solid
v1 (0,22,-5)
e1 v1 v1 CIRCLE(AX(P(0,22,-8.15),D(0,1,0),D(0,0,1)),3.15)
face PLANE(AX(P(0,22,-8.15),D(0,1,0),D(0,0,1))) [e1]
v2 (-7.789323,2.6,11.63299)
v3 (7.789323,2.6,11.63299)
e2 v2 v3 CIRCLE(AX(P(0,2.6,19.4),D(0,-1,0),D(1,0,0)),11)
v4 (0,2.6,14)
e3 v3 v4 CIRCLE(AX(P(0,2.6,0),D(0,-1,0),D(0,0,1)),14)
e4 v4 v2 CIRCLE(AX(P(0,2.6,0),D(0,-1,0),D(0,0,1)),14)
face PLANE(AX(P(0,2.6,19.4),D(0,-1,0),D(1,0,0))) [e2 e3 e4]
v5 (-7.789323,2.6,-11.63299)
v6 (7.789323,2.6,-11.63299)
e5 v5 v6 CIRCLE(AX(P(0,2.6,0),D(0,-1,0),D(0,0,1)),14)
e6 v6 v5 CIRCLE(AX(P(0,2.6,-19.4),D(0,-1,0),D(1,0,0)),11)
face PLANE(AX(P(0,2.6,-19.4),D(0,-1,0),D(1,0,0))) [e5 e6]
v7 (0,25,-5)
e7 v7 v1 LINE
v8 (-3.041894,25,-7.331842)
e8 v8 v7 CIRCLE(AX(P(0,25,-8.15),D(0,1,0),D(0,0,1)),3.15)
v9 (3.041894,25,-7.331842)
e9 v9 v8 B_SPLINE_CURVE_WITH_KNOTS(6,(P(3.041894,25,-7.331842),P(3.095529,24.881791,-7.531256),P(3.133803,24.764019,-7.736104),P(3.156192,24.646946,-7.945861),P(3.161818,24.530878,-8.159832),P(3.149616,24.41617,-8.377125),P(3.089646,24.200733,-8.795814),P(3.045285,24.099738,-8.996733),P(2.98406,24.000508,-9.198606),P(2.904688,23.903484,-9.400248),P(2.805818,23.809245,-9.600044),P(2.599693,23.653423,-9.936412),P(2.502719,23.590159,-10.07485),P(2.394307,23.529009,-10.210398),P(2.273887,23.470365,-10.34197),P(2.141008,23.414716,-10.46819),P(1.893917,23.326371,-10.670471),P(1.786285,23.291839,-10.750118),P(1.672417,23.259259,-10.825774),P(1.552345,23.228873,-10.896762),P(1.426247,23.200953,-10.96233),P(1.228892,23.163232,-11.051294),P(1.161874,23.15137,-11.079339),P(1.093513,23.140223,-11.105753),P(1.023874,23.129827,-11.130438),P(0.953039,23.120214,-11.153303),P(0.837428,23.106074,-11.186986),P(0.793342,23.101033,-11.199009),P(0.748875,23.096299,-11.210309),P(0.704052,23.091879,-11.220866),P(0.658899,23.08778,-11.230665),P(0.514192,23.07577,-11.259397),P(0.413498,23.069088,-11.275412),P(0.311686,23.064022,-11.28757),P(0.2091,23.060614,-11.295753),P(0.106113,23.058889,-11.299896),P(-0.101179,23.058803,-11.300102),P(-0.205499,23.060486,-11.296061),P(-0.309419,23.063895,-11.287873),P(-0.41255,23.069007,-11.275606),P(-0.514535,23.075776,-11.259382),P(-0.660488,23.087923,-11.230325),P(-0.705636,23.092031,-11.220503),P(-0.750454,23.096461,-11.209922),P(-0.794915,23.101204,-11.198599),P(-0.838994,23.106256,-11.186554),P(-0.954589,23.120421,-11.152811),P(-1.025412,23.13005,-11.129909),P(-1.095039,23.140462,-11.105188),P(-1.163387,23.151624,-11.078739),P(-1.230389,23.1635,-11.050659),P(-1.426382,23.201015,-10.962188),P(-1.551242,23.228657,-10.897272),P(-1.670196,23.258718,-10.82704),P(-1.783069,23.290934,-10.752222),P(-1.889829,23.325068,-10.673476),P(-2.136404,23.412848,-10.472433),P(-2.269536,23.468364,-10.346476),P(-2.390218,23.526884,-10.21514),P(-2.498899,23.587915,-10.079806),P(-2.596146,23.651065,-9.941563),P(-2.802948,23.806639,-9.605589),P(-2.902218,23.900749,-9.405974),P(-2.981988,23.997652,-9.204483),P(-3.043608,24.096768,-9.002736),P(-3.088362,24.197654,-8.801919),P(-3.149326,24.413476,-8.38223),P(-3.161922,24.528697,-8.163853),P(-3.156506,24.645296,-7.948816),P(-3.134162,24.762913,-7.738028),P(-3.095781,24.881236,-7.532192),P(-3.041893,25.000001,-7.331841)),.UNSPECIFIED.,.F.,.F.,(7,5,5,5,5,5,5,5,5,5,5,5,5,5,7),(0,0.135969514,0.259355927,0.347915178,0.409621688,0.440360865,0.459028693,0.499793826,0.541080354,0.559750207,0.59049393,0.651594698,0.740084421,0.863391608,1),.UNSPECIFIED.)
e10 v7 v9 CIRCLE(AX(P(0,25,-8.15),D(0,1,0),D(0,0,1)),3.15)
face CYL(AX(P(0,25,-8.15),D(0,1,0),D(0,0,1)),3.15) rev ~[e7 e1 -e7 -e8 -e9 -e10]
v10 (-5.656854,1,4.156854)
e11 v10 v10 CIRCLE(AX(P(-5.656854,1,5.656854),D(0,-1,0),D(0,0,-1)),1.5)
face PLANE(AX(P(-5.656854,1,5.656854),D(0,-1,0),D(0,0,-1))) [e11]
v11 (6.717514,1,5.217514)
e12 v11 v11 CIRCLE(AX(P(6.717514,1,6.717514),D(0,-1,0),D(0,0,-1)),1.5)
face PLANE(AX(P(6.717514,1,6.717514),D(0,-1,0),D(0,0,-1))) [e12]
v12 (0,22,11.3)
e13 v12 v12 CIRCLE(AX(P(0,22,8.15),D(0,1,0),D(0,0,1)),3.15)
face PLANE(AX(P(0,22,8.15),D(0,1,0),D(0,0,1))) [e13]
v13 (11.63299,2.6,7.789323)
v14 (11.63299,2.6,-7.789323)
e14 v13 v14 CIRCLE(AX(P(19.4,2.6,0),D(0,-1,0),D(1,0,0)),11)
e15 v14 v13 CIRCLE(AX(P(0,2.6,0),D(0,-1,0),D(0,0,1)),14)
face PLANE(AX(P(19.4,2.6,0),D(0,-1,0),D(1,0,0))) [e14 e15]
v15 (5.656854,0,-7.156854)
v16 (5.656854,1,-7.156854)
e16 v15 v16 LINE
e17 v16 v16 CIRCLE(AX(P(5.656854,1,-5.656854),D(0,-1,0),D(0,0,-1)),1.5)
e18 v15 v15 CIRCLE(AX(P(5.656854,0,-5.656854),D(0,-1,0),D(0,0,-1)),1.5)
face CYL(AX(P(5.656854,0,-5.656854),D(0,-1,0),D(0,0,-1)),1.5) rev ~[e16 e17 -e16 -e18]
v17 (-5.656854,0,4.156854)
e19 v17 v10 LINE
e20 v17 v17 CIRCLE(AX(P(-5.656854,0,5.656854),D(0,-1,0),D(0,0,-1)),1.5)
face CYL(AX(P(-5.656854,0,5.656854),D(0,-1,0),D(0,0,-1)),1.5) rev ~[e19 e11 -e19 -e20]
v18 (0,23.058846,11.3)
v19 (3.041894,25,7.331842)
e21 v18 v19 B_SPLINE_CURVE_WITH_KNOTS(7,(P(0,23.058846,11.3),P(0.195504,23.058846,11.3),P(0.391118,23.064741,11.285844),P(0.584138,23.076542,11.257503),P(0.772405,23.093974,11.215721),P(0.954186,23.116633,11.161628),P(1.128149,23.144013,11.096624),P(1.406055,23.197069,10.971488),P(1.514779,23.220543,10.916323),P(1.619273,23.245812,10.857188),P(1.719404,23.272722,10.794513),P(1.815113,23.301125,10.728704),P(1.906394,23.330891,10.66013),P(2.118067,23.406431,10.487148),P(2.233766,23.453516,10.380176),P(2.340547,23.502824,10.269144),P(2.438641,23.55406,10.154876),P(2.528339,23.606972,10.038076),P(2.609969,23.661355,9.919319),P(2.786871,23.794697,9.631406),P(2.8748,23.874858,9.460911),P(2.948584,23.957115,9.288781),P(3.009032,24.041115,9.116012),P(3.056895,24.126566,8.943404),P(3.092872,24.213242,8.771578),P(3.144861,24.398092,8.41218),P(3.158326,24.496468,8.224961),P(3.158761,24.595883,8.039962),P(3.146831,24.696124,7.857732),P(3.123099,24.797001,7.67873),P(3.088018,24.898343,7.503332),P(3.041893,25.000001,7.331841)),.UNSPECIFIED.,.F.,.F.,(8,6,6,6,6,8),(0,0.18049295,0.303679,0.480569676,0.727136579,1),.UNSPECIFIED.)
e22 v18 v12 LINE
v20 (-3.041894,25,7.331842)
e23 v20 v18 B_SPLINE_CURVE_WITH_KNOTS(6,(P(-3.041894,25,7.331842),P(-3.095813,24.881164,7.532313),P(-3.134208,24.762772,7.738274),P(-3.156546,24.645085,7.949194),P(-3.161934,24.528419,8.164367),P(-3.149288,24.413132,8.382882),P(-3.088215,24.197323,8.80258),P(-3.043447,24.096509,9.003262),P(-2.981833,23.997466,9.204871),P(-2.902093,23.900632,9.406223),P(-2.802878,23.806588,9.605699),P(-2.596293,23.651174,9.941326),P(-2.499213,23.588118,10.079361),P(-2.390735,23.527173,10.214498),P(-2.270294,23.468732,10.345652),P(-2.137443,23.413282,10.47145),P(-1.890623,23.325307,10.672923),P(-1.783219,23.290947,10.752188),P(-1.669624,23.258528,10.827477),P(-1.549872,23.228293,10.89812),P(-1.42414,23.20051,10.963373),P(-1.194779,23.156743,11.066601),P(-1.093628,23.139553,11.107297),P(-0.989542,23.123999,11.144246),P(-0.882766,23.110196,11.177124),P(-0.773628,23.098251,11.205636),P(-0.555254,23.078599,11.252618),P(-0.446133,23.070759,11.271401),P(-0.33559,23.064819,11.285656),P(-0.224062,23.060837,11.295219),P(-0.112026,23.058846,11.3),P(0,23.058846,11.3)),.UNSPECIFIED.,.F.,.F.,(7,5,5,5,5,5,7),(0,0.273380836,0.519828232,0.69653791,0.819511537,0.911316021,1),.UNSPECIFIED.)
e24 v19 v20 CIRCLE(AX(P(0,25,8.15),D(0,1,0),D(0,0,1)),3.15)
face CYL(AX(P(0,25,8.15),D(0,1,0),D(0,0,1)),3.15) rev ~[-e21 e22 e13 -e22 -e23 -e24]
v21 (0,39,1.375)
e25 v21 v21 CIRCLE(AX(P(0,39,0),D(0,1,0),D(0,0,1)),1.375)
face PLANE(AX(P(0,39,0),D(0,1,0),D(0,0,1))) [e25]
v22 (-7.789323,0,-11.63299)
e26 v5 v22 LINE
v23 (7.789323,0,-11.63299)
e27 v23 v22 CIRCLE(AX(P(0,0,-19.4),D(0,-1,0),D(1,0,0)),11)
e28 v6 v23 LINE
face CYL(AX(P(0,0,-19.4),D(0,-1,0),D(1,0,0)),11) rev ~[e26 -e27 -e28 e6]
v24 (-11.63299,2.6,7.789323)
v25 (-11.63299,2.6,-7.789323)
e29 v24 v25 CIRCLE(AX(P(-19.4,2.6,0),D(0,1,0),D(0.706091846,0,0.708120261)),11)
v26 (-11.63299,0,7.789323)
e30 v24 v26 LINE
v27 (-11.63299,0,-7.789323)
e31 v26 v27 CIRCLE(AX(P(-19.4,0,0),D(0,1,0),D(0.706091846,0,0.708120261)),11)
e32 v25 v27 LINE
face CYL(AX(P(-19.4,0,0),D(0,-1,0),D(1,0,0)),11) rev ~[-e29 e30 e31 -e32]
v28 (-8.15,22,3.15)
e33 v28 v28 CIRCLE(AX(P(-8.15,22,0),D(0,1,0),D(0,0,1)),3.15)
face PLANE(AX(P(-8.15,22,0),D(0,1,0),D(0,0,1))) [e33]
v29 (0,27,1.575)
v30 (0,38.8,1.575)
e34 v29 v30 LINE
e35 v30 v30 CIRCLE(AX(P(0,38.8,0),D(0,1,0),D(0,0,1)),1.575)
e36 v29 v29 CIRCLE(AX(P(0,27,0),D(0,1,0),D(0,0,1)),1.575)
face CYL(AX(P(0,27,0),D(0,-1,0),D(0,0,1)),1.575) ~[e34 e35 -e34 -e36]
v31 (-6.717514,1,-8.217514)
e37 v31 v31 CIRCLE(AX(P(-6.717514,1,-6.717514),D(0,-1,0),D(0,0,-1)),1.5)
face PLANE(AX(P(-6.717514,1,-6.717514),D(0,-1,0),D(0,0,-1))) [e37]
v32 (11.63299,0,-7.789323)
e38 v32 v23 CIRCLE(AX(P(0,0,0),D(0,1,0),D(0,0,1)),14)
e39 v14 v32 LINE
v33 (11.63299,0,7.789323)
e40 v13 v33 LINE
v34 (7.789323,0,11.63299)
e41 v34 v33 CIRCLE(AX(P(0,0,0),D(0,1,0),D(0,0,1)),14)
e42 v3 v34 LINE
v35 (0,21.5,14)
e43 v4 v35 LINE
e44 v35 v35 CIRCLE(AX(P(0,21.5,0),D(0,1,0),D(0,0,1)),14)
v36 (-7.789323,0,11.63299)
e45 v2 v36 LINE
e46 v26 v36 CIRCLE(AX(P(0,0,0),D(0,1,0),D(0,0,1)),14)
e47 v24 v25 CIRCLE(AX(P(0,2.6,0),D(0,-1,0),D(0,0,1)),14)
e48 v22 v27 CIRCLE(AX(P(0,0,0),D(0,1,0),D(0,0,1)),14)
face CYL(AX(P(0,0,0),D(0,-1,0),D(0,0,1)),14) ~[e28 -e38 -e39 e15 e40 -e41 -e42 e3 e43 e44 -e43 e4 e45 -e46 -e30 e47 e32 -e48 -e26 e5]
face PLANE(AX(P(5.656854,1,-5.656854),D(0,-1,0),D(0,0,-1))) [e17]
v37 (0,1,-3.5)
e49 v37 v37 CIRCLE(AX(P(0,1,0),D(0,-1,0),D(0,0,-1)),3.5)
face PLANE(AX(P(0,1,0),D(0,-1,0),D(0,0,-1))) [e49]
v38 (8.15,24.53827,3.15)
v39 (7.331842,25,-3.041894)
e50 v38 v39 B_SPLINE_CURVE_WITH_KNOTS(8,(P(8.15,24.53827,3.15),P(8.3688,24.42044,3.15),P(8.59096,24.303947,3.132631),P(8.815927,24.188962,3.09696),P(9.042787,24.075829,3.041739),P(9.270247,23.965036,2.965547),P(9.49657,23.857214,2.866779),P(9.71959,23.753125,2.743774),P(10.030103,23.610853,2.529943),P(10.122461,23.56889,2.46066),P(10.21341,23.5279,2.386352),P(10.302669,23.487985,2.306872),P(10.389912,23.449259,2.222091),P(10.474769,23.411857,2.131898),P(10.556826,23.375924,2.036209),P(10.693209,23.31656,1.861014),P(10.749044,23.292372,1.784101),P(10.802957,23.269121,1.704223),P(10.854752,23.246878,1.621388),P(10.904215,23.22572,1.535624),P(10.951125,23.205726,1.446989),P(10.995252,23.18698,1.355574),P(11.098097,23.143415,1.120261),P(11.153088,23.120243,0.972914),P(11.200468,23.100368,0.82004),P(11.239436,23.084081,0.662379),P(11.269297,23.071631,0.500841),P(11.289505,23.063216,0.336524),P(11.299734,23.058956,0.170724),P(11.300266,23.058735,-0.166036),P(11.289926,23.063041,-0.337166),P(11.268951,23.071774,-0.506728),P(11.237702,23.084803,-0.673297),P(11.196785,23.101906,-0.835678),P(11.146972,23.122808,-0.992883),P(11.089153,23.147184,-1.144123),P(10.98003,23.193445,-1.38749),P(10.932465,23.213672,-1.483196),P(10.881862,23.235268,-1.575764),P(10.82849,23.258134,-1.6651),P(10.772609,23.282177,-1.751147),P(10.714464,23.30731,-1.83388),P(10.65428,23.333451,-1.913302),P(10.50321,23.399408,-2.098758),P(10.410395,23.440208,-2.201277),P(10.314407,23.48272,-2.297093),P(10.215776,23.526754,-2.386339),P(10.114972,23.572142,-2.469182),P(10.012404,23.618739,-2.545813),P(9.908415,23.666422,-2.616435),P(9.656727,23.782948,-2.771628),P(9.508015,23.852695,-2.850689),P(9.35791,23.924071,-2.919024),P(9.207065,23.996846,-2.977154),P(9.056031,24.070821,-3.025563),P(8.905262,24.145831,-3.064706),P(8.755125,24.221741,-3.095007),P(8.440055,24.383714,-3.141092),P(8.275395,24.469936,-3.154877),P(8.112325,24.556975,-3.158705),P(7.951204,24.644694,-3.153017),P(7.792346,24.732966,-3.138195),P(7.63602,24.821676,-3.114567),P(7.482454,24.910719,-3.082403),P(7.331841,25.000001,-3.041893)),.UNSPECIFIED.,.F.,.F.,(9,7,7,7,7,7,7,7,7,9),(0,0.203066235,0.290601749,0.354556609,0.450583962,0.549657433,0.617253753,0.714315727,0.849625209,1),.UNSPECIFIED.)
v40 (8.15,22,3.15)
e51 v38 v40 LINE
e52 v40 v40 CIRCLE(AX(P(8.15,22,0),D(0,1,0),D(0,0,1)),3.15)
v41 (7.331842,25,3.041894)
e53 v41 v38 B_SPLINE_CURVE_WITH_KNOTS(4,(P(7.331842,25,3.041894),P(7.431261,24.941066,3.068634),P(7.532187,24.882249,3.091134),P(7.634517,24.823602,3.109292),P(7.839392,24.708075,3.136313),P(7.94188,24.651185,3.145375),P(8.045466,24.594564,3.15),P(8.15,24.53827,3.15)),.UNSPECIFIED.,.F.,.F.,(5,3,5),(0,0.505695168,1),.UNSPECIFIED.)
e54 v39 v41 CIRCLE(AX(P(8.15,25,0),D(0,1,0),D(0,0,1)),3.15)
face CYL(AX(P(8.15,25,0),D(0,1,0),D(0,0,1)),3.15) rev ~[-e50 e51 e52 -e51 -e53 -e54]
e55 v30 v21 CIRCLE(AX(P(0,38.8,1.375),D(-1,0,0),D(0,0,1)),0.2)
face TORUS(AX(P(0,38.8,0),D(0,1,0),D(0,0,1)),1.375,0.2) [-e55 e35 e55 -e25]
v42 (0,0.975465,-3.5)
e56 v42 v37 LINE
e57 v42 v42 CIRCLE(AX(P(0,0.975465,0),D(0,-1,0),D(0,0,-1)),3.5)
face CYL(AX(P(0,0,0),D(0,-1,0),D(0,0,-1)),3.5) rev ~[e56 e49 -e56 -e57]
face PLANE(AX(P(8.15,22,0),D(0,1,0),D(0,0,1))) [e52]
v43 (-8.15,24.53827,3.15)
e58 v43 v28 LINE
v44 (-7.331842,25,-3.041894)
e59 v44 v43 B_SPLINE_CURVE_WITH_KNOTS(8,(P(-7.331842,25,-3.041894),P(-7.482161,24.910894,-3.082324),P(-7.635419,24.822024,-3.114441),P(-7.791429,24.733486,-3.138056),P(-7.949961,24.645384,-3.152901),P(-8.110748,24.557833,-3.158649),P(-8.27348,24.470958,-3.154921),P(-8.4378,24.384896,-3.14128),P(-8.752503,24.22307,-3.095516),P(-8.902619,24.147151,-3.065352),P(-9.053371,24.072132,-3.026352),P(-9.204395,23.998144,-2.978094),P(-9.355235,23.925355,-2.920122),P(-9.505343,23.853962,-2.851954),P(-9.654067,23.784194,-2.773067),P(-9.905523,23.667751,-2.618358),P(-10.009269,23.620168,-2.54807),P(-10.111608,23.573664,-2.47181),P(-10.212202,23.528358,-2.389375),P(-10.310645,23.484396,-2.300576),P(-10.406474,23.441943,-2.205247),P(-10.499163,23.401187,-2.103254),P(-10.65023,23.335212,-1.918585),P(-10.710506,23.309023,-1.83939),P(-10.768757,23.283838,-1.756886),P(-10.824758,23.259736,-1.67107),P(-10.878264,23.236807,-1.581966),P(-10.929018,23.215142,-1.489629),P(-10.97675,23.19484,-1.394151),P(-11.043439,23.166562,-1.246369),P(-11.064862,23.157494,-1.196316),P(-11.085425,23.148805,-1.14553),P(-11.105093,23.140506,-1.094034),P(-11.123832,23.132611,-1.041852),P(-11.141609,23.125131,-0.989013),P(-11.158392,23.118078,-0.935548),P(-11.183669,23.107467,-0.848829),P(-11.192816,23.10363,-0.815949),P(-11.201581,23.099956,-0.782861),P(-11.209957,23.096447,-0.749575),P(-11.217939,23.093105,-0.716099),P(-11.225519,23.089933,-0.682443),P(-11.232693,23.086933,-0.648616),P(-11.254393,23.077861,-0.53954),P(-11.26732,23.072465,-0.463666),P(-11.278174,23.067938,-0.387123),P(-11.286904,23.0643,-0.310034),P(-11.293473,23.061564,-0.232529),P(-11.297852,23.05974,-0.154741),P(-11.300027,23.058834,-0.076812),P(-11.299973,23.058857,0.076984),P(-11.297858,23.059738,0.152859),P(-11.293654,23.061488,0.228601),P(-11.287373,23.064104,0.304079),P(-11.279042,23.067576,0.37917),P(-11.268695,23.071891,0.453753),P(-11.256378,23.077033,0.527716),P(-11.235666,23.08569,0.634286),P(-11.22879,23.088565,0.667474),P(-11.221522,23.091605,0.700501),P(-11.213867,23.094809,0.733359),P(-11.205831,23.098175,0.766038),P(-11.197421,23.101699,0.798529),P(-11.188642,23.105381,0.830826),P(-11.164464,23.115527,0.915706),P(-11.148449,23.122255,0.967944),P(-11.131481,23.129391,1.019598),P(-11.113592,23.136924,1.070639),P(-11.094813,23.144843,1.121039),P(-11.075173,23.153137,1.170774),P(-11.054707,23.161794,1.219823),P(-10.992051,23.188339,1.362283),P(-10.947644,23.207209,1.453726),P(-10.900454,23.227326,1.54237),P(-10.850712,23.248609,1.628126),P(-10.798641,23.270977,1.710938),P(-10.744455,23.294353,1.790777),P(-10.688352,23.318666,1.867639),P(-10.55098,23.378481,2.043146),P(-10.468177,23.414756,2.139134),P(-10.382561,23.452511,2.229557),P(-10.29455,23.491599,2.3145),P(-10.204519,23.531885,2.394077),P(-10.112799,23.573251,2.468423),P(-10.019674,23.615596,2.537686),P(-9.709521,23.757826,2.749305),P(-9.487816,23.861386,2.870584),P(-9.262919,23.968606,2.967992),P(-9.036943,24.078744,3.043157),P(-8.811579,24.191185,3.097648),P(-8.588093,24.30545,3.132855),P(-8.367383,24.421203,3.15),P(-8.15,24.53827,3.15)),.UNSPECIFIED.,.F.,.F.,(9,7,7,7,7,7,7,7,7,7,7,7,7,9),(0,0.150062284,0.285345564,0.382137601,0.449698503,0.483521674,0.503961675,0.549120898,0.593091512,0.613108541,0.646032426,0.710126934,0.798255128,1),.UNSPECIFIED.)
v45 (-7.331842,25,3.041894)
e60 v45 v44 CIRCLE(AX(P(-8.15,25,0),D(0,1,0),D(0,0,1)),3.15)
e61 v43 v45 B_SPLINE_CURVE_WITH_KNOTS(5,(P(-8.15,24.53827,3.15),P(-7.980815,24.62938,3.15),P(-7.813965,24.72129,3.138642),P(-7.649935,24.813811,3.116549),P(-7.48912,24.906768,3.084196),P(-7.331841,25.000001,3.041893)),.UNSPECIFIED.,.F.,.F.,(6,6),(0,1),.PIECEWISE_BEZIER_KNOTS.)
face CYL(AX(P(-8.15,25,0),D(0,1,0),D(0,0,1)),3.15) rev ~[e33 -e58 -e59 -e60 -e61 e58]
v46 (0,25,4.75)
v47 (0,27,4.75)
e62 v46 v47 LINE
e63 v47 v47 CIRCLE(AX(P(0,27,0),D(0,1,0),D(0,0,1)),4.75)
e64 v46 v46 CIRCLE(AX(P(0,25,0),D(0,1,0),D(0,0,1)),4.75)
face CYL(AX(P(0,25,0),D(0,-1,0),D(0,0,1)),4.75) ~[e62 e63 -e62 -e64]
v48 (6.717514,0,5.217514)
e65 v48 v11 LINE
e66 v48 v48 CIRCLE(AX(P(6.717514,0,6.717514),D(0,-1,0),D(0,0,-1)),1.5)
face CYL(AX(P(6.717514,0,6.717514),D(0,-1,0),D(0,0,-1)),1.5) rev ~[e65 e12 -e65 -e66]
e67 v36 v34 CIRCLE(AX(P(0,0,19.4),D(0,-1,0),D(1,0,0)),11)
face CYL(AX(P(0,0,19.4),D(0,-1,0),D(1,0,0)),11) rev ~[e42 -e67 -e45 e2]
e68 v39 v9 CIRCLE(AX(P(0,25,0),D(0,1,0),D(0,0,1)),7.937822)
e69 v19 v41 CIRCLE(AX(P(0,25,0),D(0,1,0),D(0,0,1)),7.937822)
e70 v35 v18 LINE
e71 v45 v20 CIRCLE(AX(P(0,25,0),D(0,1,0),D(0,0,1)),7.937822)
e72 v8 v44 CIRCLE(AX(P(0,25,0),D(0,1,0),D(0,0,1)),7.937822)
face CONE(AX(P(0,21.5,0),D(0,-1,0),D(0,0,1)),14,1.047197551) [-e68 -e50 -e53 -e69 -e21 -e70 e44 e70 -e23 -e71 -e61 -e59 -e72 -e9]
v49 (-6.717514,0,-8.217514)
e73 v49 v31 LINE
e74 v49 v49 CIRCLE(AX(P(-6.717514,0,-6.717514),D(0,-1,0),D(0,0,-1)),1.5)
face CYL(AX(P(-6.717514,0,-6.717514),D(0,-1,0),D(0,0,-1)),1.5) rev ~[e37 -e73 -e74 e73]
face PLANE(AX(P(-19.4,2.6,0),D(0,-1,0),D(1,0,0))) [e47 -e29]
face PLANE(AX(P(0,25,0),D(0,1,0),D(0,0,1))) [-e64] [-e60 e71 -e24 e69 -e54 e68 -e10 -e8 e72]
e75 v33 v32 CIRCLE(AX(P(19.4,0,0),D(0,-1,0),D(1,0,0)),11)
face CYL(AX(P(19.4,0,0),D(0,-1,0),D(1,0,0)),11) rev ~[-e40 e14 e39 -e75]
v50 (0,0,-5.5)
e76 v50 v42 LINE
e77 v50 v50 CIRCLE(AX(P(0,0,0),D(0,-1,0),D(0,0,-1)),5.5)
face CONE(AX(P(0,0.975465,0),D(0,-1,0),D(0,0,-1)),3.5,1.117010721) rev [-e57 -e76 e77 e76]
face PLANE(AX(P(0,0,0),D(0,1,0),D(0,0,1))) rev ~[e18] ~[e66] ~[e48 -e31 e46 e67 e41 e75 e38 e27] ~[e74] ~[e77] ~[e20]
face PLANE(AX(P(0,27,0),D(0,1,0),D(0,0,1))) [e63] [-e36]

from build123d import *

# Parameters (mm, degrees)
SKETCH1_R           = 14
BOSS_EXTRUDE1_DEPTH = 25
CHAMFER1_SIZE       = 3.5
CHAMFER1_SIZE2      = 6.062177826
SKETCH2_R           = 4.75
BOSS_EXTRUDE2_DEPTH = 2
SKETCH3_R           = 1.575
BOSS_EXTRUDE3_DEPTH = 12
SKETCH4_R           = 11
CUT_EXTRUDE1_DEPTH  = 2.6
SKETCH5_R           = 1.5
SKETCH5_R_2         = 3.5
CUT_EXTRUDE2_DEPTH  = 1
CHAMFER2_SIZE       = 2
CHAMFER2_SIZE2      = 0.975465177
FILLET1_R           = 0.2
SKETCH6_R           = 3.15
CUT_EXTRUDE3_DEPTH  = 3


with BuildPart() as part:
    # Sketch1 → Boss-Extrude1 (new body)
    with BuildSketch(Plane(origin=(0, 0, 0), x_dir=(1, 0, 0), z_dir=(0, 1, 0))):
        with Locations(Location((0, 0, 0), (0, 0, 270))):
            Circle(SKETCH1_R)
    extrude(amount=BOSS_EXTRUDE1_DEPTH)

    # Chamfer1
    chamfer1_edges = [part.edges().sort_by_distance(p)[0] for p in [
        (0, 25, -14),
    ]]
    chamfer1_side = [part.faces().sort_by_distance(p)[0] for p in [
        (0, 12.5, -14),
    ]]
    chamfer(chamfer1_edges, length=CHAMFER1_SIZE, length2=CHAMFER1_SIZE2, reference=chamfer1_side[0])

    # Sketch2 → Boss-Extrude2 (add)
    with BuildSketch(Plane(origin=(0, 25, 0), x_dir=(1, 0, 0), z_dir=(0, 1, 0))):
        with Locations(Location((0, 0, 0), (0, 0, 270))):
            Circle(SKETCH2_R)
    extrude(amount=BOSS_EXTRUDE2_DEPTH)

    # Sketch3 → Boss-Extrude3 (add)
    with BuildSketch(Plane(origin=(0, 27, 0), x_dir=(1, 0, 0), z_dir=(0, 1, 0))):
        with Locations(Location((0, 0, 0), (0, 0, 270))):
            Circle(SKETCH3_R)
    extrude(amount=BOSS_EXTRUDE3_DEPTH)

    # Sketch4 → Cut-Extrude1 (cut)
    with BuildSketch(Plane.XZ):
        with Locations((-19.4, 0)):
            Circle(SKETCH4_R)
        with Locations((0, 19.4)):
            Circle(SKETCH4_R)
        with Locations((19.4, 0)):
            Circle(SKETCH4_R)
        with Locations((0, -19.4)):
            Circle(SKETCH4_R)
    extrude(amount=-CUT_EXTRUDE1_DEPTH, mode=Mode.SUBTRACT)

    # Sketch5 → Cut-Extrude2 (cut)
    with BuildSketch(Plane.XZ):
        with Locations(Location((-6.717514421, -6.717514421, 0), (0, 0, 270))):
            Circle(SKETCH5_R)
        with Locations(Location((-5.656854249, 5.656854249, 0), (0, 0, 270))):
            Circle(SKETCH5_R)
        with Locations(Location((6.717514421, 6.717514421, 0), (0, 0, 270))):
            Circle(SKETCH5_R)
        with Locations(Location((5.656854249, -5.656854249, 0), (0, 0, 270))):
            Circle(SKETCH5_R)
        with Locations(Location((0, 0, 0), (0, 0, 270))):
            Circle(SKETCH5_R_2)
    extrude(amount=-CUT_EXTRUDE2_DEPTH, mode=Mode.SUBTRACT)

    # Chamfer2
    chamfer2_edges = [part.edges().sort_by_distance(p)[0] for p in [
        (0, 0, 3.5),
    ]]
    chamfer2_side = [part.faces().sort_by_distance(p)[0] for p in [
        (0, 0, 8.070969364),
    ]]
    chamfer(chamfer2_edges, length=CHAMFER2_SIZE, length2=CHAMFER2_SIZE2, reference=chamfer2_side[0])

    # Fillet1
    fillet1_edges = [part.edges().sort_by_distance(p)[0] for p in [
        (0, 39, -1.575),
    ]]
    fillet(fillet1_edges, radius=FILLET1_R)

    # Sketch6 → Cut-Extrude3 (cut)
    with BuildSketch(Plane(origin=(0, 25, 0), x_dir=(1, 0, 0), z_dir=(0, 1, 0))):
        with Locations(Location((-8.15, 0, 0), (0, 0, 270))):
            Circle(SKETCH6_R)
        with Locations(Location((0, 8.15, 0), (0, 0, 270))):
            Circle(SKETCH6_R)
        with Locations(Location((8.15, 0, 0), (0, 0, 270))):
            Circle(SKETCH6_R)
        with Locations(Location((0, -8.15, 0), (0, 0, 270))):
            Circle(SKETCH6_R)
    extrude(amount=-CUT_EXTRUDE3_DEPTH, mode=Mode.SUBTRACT)


solid = part.part
